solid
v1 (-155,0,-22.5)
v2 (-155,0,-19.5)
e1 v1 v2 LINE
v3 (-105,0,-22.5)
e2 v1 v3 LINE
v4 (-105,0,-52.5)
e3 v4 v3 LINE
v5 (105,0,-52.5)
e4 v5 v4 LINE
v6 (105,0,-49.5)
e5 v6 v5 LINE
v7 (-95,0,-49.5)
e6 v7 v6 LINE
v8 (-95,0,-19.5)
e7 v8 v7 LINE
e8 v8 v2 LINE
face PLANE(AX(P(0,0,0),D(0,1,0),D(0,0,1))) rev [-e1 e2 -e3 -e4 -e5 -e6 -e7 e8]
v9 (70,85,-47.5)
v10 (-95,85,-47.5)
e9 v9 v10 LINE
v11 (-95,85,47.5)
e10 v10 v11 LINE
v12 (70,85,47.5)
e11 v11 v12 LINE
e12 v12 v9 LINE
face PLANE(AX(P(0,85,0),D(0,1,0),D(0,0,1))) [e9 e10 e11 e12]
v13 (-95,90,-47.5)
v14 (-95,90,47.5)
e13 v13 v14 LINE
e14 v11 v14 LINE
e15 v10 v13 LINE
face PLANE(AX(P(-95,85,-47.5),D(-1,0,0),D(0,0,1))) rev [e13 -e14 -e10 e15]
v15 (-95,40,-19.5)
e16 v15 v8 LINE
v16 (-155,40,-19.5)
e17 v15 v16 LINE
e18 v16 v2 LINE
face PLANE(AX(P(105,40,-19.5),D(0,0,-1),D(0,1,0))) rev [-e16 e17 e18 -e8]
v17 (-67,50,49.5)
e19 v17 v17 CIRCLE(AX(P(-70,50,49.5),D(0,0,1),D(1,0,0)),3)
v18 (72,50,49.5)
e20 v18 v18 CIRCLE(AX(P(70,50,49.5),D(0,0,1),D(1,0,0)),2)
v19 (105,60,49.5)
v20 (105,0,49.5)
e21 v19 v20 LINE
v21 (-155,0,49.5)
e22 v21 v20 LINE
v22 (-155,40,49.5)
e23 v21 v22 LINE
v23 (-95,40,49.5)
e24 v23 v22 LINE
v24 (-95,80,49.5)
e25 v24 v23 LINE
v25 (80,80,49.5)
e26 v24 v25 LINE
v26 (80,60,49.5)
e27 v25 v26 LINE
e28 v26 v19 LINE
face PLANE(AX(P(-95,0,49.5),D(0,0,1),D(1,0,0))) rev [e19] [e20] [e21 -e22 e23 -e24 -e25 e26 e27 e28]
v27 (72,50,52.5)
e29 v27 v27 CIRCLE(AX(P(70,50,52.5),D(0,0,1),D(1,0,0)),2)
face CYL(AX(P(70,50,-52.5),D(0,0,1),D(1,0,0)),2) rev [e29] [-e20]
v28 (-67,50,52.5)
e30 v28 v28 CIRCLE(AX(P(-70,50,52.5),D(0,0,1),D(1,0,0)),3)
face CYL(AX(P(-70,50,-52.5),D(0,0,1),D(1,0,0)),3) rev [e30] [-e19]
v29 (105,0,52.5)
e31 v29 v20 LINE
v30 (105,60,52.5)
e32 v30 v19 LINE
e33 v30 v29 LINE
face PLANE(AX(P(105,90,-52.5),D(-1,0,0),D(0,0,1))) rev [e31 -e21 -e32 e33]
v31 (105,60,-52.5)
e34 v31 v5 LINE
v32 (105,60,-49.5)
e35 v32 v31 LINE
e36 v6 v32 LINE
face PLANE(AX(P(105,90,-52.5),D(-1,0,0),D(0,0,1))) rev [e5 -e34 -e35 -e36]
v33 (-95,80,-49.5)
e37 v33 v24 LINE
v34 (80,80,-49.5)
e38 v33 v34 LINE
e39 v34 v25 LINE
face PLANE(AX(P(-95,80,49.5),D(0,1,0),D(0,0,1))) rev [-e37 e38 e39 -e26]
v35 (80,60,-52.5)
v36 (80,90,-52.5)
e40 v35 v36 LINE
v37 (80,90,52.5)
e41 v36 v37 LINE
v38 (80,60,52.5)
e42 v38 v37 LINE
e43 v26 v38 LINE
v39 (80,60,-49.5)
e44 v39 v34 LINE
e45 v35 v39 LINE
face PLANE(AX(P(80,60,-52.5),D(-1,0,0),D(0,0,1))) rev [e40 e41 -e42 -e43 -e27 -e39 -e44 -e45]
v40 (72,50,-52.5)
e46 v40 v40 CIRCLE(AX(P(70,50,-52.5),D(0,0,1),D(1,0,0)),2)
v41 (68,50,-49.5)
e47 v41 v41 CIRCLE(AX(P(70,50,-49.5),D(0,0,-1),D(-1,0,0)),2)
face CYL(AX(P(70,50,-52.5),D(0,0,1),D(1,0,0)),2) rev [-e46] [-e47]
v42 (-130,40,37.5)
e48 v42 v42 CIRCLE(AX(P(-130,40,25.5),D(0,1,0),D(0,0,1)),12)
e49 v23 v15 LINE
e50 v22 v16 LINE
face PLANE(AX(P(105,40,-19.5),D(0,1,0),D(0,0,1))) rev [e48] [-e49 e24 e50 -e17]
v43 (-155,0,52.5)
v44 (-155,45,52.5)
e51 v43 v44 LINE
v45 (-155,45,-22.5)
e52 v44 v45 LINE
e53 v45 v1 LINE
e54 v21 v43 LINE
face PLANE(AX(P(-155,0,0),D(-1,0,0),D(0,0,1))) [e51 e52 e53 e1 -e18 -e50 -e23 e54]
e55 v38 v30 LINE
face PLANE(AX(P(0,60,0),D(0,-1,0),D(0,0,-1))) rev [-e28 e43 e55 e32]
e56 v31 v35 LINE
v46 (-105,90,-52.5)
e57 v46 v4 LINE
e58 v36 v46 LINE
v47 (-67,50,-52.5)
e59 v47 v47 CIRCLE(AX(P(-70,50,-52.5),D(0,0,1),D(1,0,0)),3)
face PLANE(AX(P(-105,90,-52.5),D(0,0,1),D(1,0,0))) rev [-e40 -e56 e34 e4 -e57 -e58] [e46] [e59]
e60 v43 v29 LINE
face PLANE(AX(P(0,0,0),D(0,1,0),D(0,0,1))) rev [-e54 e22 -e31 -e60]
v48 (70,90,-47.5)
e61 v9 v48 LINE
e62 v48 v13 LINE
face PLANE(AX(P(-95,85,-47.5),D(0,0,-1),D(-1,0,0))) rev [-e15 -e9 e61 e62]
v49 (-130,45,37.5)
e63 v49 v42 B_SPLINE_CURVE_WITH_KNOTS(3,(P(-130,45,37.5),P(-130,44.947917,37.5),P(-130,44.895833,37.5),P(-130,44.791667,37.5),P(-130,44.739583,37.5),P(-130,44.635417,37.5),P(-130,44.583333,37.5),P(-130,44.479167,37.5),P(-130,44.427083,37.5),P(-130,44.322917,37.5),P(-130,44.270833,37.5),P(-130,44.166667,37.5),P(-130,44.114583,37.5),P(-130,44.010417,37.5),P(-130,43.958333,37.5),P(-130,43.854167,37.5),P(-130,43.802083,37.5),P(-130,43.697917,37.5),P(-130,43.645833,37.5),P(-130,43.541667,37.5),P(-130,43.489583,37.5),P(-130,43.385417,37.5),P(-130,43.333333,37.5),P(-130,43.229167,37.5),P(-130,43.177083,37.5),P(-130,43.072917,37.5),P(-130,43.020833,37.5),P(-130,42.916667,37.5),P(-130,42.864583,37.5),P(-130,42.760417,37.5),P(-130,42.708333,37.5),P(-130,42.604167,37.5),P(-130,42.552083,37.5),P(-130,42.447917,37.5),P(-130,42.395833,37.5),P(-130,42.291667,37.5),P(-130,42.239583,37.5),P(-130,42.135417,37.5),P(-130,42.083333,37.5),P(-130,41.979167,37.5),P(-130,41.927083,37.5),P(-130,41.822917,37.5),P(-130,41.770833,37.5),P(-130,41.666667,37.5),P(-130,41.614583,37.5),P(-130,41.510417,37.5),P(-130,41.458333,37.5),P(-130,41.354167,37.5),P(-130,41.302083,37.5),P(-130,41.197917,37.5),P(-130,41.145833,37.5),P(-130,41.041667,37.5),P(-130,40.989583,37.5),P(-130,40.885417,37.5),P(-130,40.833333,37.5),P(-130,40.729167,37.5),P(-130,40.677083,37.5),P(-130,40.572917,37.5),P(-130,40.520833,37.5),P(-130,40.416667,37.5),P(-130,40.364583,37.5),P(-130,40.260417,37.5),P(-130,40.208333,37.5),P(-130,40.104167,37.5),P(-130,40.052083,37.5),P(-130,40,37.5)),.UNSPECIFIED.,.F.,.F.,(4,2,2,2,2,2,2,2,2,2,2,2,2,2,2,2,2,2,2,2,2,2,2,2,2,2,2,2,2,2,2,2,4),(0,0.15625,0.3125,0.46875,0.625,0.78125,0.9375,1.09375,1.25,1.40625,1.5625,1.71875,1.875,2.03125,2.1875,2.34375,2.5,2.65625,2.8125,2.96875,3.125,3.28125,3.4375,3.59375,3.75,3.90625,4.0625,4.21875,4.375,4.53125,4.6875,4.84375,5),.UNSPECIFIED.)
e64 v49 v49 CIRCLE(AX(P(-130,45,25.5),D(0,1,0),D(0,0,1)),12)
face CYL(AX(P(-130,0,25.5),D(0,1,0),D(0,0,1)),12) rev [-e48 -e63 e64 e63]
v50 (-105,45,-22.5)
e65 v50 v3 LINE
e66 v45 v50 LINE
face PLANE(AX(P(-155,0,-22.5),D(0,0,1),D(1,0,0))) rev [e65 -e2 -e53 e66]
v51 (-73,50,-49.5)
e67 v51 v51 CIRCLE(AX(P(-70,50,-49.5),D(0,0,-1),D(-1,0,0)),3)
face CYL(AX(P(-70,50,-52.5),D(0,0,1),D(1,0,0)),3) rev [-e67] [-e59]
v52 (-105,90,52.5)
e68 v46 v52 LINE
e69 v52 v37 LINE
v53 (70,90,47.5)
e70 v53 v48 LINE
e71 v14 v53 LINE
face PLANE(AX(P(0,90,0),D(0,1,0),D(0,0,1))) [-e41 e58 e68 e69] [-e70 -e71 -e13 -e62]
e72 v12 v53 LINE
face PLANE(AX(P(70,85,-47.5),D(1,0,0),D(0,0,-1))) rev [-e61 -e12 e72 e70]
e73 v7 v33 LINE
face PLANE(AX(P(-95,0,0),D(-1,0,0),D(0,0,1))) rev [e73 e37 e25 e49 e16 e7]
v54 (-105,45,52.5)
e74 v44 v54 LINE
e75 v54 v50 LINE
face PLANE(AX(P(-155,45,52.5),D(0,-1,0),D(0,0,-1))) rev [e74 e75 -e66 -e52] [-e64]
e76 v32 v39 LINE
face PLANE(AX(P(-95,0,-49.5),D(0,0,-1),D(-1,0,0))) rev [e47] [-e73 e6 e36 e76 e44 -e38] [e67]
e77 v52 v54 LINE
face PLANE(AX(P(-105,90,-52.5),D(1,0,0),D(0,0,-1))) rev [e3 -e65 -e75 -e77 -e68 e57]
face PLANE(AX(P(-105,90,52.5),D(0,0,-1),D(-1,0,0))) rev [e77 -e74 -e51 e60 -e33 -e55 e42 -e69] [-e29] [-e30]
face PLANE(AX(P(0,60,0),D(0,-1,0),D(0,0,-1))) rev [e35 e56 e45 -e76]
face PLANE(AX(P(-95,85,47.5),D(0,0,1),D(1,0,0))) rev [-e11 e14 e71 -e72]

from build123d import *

# Parameters (mm, degrees)
SKETCH_2_W          = 210
SKETCH_2_H          = 105
EXTRUDE_1_DEPTH     = 90
SKETCH_4_W          = 165
SKETCH_4_H          = 95
CUT_EXTRUDE_1_DEPTH = 5
SKETCH_5_W          = 99
SKETCH_5_H          = 80
CUT_EXTRUDE_2_DEPTH = 200
SKETCH_6_W          = 75
SKETCH_6_H          = 45
EXTRUDE_2_DEPTH     = 50
SKETCH_7_W          = 69
SKETCH_7_H          = 40
CUT_EXTRUDE_3_DEPTH = 281.100428418
SKETCH_8_R          = 12
CUT_EXTRUDE_4_DEPTH = 170.724040725
SKETCH_9_R          = 3
SKETCH_9_R_2        = 2
CUT_EXTRUDE_5_DEPTH = 208.725780778
SKETCH_11_W         = 25
SKETCH_11_H         = 105
CUT_EXTRUDE_6_DEPTH = 30


with BuildPart() as part:
    # 草图2 → 凸台-拉伸1 (new body)
    with BuildSketch(Plane(origin=(0, 0, 0), x_dir=(1, 0, 0), z_dir=(0, 1, 0))):
        Rectangle(SKETCH_2_W, SKETCH_2_H)
    extrude(amount=EXTRUDE_1_DEPTH)

    # 草图4 → 切除-拉伸1 (cut)
    with BuildSketch(Plane(origin=(0, 90, 0), x_dir=(1, 0, 0), z_dir=(0, 1, 0))):
        with Locations((-12.5, 0)):
            Rectangle(SKETCH_4_W, SKETCH_4_H)
    extrude(amount=-CUT_EXTRUDE_1_DEPTH, mode=Mode.SUBTRACT)

    # 草图5 → 切除-拉伸2 (cut)
    with BuildSketch(Plane(origin=(105, 0, 0), x_dir=(0, 0, -1), z_dir=(1, 0, 0))):
        with Locations((0, 40)):
            Rectangle(SKETCH_5_W, SKETCH_5_H)
    extrude(amount=-CUT_EXTRUDE_2_DEPTH, mode=Mode.SUBTRACT)

    # 草图6 → 凸台-拉伸2 (add)
    with BuildSketch(Plane.ZY.offset(105)):
        with Locations((15, 22.5)):
            Rectangle(SKETCH_6_W, SKETCH_6_H)
    extrude(amount=EXTRUDE_2_DEPTH)

    # 草图7 → 切除-拉伸3 (cut, through all)
    with BuildSketch(Plane.ZY.offset(155)):
        with Locations((15, 20)):
            Rectangle(SKETCH_7_W, SKETCH_7_H)
    extrude(amount=-CUT_EXTRUDE_3_DEPTH, mode=Mode.SUBTRACT)

    # 草图8 → 切除-拉伸4 (cut, through all)
    with BuildSketch(Plane(origin=(0, 45, 0), x_dir=(1, 0, 0), z_dir=(0, 1, 0))):
        with Locations(Location((-130, -25.5, 0), (0, 0, 270))):
            Circle(SKETCH_8_R)
    extrude(amount=-CUT_EXTRUDE_4_DEPTH, mode=Mode.SUBTRACT)

    # 草图9 → 切除-拉伸5 (cut, through all)
    with BuildSketch(Plane.XY.offset(52.5)):
        with Locations((-70, 50)):
            Circle(SKETCH_9_R)
        with Locations((70, 50)):
            Circle(SKETCH_9_R_2)
    extrude(amount=-CUT_EXTRUDE_5_DEPTH, mode=Mode.SUBTRACT)

    # 草图11 → 切除-拉伸6 (cut)
    with BuildSketch(Plane(origin=(0, 90, 0), x_dir=(1, 0, 0), z_dir=(0, 1, 0))):
        with Locations((92.5, 0)):
            Rectangle(SKETCH_11_W, SKETCH_11_H)
    extrude(amount=-CUT_EXTRUDE_6_DEPTH, mode=Mode.SUBTRACT)


solid = part.part
